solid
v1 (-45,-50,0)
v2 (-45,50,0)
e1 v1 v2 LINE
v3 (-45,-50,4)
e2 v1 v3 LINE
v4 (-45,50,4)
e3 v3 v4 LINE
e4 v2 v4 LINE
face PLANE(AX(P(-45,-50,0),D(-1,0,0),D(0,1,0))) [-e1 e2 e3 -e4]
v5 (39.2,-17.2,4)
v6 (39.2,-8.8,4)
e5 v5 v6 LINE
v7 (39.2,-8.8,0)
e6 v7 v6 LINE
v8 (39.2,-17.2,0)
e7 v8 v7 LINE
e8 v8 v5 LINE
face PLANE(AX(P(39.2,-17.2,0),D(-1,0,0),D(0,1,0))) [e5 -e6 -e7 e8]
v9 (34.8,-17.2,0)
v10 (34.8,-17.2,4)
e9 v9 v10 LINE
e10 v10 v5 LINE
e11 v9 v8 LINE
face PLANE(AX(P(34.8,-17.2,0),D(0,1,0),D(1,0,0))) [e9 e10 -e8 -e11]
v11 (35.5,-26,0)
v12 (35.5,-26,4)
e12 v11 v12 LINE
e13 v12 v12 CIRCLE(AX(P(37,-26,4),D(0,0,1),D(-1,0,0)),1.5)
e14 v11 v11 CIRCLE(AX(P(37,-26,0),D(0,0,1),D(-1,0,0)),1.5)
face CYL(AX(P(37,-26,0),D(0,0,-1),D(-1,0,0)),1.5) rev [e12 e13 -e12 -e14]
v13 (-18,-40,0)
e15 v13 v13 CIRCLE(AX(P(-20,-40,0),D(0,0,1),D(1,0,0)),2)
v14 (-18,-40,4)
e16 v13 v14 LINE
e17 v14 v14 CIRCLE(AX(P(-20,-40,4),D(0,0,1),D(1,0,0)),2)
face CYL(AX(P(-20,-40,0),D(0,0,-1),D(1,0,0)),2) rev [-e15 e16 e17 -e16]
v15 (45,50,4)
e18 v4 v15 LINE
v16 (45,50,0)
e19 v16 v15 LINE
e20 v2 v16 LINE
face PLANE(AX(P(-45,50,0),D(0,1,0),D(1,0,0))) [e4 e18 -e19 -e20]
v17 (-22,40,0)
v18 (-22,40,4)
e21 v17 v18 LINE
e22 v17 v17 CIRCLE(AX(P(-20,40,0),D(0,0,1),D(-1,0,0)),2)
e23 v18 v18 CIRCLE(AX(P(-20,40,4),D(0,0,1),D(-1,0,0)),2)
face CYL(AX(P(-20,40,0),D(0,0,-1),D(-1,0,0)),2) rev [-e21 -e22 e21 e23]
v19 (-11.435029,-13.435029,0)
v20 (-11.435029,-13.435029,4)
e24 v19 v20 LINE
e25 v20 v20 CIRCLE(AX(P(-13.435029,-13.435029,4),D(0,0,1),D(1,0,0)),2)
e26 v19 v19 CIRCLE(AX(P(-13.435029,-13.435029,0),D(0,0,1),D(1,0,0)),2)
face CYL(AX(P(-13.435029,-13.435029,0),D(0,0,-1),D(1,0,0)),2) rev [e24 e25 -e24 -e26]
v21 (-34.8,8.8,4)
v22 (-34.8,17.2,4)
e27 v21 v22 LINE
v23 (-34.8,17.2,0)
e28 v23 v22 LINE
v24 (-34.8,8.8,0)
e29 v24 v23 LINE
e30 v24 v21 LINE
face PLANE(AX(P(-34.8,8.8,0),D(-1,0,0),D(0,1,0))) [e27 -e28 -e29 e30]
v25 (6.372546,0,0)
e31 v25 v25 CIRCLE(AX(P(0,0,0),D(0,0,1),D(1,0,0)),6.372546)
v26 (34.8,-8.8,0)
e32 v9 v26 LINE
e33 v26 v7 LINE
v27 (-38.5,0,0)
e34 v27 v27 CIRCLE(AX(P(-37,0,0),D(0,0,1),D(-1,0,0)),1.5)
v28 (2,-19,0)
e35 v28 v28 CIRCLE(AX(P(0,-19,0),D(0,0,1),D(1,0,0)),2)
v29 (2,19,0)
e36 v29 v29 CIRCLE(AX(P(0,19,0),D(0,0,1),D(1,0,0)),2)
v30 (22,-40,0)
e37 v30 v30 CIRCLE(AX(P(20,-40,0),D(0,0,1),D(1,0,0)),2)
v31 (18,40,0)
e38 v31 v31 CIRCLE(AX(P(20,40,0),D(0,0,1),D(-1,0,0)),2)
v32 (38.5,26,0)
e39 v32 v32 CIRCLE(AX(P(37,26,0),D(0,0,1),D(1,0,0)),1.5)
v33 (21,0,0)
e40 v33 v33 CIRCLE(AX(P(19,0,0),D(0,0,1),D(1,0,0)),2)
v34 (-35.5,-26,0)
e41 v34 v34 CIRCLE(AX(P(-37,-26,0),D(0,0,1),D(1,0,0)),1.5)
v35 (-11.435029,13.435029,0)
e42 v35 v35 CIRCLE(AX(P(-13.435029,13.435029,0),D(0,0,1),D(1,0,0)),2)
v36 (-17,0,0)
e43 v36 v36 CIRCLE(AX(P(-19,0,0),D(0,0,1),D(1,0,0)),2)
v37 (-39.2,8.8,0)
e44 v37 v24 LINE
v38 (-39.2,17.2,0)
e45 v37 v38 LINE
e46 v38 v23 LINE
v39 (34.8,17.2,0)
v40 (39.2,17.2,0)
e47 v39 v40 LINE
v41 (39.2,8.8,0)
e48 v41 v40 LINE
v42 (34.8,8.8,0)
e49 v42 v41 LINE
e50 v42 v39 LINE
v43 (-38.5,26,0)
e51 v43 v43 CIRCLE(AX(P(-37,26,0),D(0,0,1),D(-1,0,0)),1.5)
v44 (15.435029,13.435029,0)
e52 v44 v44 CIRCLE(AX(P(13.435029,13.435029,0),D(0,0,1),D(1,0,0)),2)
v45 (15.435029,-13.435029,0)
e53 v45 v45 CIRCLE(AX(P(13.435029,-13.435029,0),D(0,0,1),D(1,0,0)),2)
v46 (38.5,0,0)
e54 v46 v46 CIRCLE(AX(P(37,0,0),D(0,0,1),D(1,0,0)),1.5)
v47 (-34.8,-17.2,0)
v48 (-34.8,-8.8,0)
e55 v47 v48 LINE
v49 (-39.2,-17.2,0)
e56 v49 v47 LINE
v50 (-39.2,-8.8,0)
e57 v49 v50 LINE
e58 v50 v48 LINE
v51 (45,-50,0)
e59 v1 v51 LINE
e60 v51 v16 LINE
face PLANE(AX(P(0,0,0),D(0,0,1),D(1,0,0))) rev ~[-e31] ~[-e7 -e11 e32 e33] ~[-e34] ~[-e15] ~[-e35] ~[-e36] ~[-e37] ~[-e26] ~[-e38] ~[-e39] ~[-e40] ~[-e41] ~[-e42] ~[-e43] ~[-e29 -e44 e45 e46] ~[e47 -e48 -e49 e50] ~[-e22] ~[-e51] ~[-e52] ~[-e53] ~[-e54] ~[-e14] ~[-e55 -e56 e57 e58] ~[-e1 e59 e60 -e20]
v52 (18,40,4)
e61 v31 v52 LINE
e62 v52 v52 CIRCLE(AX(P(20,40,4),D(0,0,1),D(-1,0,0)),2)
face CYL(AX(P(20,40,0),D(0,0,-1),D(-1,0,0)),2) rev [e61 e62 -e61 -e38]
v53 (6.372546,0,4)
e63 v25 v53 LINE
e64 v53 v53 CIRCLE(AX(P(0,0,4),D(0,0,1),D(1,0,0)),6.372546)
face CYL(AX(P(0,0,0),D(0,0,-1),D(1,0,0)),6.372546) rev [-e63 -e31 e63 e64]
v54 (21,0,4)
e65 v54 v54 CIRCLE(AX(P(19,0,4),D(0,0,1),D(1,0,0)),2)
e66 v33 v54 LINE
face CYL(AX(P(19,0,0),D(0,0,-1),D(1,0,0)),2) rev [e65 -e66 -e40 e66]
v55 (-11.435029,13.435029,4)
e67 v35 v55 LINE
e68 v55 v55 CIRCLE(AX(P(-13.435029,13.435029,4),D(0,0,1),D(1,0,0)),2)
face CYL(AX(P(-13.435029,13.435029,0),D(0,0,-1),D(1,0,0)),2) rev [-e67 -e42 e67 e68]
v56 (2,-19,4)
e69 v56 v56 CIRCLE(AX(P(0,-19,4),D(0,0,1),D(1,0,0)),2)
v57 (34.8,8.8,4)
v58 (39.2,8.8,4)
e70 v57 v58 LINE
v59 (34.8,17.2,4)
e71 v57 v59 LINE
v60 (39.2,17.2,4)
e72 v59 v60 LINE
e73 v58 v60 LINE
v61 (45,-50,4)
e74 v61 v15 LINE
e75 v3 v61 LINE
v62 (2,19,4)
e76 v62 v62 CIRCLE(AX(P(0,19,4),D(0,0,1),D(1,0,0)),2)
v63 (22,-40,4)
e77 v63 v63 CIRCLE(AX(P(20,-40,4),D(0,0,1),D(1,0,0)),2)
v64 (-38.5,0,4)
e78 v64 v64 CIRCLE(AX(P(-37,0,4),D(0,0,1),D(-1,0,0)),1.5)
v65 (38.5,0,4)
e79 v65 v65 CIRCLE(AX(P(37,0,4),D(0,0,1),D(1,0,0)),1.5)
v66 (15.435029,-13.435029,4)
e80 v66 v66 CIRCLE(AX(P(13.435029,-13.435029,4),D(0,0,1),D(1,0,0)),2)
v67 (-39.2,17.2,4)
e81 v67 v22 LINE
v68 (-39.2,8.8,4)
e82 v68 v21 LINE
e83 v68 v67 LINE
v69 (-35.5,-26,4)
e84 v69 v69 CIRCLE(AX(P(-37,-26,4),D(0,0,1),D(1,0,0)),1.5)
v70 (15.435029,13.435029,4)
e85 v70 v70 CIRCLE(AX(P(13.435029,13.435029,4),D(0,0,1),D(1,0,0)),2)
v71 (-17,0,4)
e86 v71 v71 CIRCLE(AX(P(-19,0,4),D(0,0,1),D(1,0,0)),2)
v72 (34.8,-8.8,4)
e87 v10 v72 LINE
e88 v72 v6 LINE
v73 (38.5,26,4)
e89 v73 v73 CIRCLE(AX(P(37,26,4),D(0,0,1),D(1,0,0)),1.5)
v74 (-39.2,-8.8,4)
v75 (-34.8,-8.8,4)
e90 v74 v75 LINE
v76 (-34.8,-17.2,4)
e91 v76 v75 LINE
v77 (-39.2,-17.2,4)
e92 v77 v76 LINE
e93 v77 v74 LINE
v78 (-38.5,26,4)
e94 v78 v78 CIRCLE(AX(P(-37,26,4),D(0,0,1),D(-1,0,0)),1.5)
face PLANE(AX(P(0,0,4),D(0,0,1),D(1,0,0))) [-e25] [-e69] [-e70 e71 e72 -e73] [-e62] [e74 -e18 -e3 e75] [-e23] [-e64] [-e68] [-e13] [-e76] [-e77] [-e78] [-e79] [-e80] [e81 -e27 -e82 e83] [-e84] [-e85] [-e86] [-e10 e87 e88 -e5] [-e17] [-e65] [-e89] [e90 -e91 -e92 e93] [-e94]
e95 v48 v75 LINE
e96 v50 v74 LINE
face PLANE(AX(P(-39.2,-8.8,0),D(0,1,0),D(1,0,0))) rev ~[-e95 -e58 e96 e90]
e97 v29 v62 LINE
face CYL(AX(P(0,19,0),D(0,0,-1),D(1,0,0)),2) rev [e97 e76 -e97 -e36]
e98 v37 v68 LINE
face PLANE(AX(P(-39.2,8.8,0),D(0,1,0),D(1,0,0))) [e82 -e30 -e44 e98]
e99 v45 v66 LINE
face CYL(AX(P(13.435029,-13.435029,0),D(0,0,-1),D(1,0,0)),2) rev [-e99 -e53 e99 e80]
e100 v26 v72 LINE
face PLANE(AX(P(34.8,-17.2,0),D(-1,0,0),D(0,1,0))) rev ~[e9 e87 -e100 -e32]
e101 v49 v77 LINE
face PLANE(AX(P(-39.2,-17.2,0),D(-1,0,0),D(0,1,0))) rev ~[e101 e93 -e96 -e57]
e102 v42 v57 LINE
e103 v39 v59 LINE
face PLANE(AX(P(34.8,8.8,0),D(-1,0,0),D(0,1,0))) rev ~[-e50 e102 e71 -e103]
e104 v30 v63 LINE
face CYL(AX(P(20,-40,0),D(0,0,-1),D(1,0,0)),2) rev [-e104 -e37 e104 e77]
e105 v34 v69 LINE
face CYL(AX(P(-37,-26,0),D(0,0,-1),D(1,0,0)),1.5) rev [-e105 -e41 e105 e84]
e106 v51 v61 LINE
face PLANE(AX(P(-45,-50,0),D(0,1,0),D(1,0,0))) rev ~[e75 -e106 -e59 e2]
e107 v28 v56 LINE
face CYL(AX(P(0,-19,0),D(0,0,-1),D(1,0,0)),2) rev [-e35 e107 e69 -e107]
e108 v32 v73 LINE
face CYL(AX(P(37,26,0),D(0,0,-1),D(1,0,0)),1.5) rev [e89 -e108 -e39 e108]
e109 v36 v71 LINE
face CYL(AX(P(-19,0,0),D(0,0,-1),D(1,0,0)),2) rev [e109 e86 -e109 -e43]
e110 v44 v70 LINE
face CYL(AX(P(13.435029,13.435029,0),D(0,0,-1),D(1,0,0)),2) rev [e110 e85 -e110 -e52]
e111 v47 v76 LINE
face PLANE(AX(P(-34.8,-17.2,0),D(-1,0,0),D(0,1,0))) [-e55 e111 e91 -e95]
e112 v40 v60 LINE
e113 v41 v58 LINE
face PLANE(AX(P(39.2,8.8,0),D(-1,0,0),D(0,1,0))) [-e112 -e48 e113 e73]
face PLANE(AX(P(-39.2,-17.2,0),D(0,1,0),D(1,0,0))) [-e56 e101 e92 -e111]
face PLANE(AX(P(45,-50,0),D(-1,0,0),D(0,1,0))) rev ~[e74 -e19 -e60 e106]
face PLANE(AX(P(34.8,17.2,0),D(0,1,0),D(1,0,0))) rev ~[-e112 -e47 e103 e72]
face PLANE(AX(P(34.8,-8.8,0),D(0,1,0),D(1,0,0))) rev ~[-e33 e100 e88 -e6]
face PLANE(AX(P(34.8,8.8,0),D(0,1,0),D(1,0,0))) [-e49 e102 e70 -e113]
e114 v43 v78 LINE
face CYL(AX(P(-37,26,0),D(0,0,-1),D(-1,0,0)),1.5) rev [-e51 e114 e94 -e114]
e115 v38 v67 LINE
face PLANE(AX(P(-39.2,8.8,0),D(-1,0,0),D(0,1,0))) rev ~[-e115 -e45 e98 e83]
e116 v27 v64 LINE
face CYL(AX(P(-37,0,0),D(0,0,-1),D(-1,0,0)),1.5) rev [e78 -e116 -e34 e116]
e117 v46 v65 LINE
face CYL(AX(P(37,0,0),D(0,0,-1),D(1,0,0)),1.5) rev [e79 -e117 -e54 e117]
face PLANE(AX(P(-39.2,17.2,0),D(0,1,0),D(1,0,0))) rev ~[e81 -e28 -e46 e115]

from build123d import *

# Parameters (mm, degrees)
SKETCH_1_W      = 90
SKETCH_1_H      = 100
SKETCH_1_R      = 6.372546474
SKETCH_1_R_2    = 2
SKETCH_1_R_3    = 1.5
SKETCH_1_W_2    = 4.4
SKETCH_1_H_2    = 8.4
EXTRUDE_1_DEPTH = 4


with BuildPart() as part:
    # 草图1 → 凸台-拉伸1 (new body)
    with BuildSketch(Plane.XY):
        Rectangle(SKETCH_1_W, SKETCH_1_H)
        Circle(SKETCH_1_R, mode=Mode.SUBTRACT)
        with Locations((0, -19)):
            Circle(SKETCH_1_R_2, mode=Mode.SUBTRACT)
        with Locations((-13.435028843, -13.435028843)):
            Circle(SKETCH_1_R_2, mode=Mode.SUBTRACT)
        with Locations((-19, 0)):
            Circle(SKETCH_1_R_2, mode=Mode.SUBTRACT)
        with Locations((-13.435028843, 13.435028843)):
            Circle(SKETCH_1_R_2, mode=Mode.SUBTRACT)
        with Locations((0, 19)):
            Circle(SKETCH_1_R_2, mode=Mode.SUBTRACT)
        with Locations((13.435028843, 13.435028843)):
            Circle(SKETCH_1_R_2, mode=Mode.SUBTRACT)
        with Locations((19, 0)):
            Circle(SKETCH_1_R_2, mode=Mode.SUBTRACT)
        with Locations((13.435028843, -13.435028843)):
            Circle(SKETCH_1_R_2, mode=Mode.SUBTRACT)
        with Locations((-20, -40)):
            Circle(SKETCH_1_R_2, mode=Mode.SUBTRACT)
        with Locations((20, -40)):
            Circle(SKETCH_1_R_2, mode=Mode.SUBTRACT)
        with Locations(Location((20, 40, 0), (0, 0, 180))):
            Circle(SKETCH_1_R_2, mode=Mode.SUBTRACT)
        with Locations(Location((-20, 40, 0), (0, 0, 180))):
            Circle(SKETCH_1_R_2, mode=Mode.SUBTRACT)
        with Locations((37, 0)):
            Circle(SKETCH_1_R_3, mode=Mode.SUBTRACT)
        with Locations((37, 26)):
            Circle(SKETCH_1_R_3, mode=Mode.SUBTRACT)
        with Locations(Location((37, -26, 0), (0, 0, 180))):
            Circle(SKETCH_1_R_3, mode=Mode.SUBTRACT)
        with Locations(Location((-37, 0, 0), (0, 0, 180))):
            Circle(SKETCH_1_R_3, mode=Mode.SUBTRACT)
        with Locations((-37, -26)):
            Circle(SKETCH_1_R_3, mode=Mode.SUBTRACT)
        with Locations(Location((-37, 26, 0), (0, 0, 180))):
            Circle(SKETCH_1_R_3, mode=Mode.SUBTRACT)
        with Locations((37, -13)):
            Rectangle(SKETCH_1_W_2, SKETCH_1_H_2, mode=Mode.SUBTRACT)
        with Locations((37, 13)):
            Rectangle(SKETCH_1_W_2, SKETCH_1_H_2, mode=Mode.SUBTRACT)
        with Locations((-37, 13)):
            Rectangle(SKETCH_1_W_2, SKETCH_1_H_2, mode=Mode.SUBTRACT)
        with Locations((-37, -13)):
            Rectangle(SKETCH_1_W_2, SKETCH_1_H_2, mode=Mode.SUBTRACT)
    extrude(amount=EXTRUDE_1_DEPTH)


solid = part.part
